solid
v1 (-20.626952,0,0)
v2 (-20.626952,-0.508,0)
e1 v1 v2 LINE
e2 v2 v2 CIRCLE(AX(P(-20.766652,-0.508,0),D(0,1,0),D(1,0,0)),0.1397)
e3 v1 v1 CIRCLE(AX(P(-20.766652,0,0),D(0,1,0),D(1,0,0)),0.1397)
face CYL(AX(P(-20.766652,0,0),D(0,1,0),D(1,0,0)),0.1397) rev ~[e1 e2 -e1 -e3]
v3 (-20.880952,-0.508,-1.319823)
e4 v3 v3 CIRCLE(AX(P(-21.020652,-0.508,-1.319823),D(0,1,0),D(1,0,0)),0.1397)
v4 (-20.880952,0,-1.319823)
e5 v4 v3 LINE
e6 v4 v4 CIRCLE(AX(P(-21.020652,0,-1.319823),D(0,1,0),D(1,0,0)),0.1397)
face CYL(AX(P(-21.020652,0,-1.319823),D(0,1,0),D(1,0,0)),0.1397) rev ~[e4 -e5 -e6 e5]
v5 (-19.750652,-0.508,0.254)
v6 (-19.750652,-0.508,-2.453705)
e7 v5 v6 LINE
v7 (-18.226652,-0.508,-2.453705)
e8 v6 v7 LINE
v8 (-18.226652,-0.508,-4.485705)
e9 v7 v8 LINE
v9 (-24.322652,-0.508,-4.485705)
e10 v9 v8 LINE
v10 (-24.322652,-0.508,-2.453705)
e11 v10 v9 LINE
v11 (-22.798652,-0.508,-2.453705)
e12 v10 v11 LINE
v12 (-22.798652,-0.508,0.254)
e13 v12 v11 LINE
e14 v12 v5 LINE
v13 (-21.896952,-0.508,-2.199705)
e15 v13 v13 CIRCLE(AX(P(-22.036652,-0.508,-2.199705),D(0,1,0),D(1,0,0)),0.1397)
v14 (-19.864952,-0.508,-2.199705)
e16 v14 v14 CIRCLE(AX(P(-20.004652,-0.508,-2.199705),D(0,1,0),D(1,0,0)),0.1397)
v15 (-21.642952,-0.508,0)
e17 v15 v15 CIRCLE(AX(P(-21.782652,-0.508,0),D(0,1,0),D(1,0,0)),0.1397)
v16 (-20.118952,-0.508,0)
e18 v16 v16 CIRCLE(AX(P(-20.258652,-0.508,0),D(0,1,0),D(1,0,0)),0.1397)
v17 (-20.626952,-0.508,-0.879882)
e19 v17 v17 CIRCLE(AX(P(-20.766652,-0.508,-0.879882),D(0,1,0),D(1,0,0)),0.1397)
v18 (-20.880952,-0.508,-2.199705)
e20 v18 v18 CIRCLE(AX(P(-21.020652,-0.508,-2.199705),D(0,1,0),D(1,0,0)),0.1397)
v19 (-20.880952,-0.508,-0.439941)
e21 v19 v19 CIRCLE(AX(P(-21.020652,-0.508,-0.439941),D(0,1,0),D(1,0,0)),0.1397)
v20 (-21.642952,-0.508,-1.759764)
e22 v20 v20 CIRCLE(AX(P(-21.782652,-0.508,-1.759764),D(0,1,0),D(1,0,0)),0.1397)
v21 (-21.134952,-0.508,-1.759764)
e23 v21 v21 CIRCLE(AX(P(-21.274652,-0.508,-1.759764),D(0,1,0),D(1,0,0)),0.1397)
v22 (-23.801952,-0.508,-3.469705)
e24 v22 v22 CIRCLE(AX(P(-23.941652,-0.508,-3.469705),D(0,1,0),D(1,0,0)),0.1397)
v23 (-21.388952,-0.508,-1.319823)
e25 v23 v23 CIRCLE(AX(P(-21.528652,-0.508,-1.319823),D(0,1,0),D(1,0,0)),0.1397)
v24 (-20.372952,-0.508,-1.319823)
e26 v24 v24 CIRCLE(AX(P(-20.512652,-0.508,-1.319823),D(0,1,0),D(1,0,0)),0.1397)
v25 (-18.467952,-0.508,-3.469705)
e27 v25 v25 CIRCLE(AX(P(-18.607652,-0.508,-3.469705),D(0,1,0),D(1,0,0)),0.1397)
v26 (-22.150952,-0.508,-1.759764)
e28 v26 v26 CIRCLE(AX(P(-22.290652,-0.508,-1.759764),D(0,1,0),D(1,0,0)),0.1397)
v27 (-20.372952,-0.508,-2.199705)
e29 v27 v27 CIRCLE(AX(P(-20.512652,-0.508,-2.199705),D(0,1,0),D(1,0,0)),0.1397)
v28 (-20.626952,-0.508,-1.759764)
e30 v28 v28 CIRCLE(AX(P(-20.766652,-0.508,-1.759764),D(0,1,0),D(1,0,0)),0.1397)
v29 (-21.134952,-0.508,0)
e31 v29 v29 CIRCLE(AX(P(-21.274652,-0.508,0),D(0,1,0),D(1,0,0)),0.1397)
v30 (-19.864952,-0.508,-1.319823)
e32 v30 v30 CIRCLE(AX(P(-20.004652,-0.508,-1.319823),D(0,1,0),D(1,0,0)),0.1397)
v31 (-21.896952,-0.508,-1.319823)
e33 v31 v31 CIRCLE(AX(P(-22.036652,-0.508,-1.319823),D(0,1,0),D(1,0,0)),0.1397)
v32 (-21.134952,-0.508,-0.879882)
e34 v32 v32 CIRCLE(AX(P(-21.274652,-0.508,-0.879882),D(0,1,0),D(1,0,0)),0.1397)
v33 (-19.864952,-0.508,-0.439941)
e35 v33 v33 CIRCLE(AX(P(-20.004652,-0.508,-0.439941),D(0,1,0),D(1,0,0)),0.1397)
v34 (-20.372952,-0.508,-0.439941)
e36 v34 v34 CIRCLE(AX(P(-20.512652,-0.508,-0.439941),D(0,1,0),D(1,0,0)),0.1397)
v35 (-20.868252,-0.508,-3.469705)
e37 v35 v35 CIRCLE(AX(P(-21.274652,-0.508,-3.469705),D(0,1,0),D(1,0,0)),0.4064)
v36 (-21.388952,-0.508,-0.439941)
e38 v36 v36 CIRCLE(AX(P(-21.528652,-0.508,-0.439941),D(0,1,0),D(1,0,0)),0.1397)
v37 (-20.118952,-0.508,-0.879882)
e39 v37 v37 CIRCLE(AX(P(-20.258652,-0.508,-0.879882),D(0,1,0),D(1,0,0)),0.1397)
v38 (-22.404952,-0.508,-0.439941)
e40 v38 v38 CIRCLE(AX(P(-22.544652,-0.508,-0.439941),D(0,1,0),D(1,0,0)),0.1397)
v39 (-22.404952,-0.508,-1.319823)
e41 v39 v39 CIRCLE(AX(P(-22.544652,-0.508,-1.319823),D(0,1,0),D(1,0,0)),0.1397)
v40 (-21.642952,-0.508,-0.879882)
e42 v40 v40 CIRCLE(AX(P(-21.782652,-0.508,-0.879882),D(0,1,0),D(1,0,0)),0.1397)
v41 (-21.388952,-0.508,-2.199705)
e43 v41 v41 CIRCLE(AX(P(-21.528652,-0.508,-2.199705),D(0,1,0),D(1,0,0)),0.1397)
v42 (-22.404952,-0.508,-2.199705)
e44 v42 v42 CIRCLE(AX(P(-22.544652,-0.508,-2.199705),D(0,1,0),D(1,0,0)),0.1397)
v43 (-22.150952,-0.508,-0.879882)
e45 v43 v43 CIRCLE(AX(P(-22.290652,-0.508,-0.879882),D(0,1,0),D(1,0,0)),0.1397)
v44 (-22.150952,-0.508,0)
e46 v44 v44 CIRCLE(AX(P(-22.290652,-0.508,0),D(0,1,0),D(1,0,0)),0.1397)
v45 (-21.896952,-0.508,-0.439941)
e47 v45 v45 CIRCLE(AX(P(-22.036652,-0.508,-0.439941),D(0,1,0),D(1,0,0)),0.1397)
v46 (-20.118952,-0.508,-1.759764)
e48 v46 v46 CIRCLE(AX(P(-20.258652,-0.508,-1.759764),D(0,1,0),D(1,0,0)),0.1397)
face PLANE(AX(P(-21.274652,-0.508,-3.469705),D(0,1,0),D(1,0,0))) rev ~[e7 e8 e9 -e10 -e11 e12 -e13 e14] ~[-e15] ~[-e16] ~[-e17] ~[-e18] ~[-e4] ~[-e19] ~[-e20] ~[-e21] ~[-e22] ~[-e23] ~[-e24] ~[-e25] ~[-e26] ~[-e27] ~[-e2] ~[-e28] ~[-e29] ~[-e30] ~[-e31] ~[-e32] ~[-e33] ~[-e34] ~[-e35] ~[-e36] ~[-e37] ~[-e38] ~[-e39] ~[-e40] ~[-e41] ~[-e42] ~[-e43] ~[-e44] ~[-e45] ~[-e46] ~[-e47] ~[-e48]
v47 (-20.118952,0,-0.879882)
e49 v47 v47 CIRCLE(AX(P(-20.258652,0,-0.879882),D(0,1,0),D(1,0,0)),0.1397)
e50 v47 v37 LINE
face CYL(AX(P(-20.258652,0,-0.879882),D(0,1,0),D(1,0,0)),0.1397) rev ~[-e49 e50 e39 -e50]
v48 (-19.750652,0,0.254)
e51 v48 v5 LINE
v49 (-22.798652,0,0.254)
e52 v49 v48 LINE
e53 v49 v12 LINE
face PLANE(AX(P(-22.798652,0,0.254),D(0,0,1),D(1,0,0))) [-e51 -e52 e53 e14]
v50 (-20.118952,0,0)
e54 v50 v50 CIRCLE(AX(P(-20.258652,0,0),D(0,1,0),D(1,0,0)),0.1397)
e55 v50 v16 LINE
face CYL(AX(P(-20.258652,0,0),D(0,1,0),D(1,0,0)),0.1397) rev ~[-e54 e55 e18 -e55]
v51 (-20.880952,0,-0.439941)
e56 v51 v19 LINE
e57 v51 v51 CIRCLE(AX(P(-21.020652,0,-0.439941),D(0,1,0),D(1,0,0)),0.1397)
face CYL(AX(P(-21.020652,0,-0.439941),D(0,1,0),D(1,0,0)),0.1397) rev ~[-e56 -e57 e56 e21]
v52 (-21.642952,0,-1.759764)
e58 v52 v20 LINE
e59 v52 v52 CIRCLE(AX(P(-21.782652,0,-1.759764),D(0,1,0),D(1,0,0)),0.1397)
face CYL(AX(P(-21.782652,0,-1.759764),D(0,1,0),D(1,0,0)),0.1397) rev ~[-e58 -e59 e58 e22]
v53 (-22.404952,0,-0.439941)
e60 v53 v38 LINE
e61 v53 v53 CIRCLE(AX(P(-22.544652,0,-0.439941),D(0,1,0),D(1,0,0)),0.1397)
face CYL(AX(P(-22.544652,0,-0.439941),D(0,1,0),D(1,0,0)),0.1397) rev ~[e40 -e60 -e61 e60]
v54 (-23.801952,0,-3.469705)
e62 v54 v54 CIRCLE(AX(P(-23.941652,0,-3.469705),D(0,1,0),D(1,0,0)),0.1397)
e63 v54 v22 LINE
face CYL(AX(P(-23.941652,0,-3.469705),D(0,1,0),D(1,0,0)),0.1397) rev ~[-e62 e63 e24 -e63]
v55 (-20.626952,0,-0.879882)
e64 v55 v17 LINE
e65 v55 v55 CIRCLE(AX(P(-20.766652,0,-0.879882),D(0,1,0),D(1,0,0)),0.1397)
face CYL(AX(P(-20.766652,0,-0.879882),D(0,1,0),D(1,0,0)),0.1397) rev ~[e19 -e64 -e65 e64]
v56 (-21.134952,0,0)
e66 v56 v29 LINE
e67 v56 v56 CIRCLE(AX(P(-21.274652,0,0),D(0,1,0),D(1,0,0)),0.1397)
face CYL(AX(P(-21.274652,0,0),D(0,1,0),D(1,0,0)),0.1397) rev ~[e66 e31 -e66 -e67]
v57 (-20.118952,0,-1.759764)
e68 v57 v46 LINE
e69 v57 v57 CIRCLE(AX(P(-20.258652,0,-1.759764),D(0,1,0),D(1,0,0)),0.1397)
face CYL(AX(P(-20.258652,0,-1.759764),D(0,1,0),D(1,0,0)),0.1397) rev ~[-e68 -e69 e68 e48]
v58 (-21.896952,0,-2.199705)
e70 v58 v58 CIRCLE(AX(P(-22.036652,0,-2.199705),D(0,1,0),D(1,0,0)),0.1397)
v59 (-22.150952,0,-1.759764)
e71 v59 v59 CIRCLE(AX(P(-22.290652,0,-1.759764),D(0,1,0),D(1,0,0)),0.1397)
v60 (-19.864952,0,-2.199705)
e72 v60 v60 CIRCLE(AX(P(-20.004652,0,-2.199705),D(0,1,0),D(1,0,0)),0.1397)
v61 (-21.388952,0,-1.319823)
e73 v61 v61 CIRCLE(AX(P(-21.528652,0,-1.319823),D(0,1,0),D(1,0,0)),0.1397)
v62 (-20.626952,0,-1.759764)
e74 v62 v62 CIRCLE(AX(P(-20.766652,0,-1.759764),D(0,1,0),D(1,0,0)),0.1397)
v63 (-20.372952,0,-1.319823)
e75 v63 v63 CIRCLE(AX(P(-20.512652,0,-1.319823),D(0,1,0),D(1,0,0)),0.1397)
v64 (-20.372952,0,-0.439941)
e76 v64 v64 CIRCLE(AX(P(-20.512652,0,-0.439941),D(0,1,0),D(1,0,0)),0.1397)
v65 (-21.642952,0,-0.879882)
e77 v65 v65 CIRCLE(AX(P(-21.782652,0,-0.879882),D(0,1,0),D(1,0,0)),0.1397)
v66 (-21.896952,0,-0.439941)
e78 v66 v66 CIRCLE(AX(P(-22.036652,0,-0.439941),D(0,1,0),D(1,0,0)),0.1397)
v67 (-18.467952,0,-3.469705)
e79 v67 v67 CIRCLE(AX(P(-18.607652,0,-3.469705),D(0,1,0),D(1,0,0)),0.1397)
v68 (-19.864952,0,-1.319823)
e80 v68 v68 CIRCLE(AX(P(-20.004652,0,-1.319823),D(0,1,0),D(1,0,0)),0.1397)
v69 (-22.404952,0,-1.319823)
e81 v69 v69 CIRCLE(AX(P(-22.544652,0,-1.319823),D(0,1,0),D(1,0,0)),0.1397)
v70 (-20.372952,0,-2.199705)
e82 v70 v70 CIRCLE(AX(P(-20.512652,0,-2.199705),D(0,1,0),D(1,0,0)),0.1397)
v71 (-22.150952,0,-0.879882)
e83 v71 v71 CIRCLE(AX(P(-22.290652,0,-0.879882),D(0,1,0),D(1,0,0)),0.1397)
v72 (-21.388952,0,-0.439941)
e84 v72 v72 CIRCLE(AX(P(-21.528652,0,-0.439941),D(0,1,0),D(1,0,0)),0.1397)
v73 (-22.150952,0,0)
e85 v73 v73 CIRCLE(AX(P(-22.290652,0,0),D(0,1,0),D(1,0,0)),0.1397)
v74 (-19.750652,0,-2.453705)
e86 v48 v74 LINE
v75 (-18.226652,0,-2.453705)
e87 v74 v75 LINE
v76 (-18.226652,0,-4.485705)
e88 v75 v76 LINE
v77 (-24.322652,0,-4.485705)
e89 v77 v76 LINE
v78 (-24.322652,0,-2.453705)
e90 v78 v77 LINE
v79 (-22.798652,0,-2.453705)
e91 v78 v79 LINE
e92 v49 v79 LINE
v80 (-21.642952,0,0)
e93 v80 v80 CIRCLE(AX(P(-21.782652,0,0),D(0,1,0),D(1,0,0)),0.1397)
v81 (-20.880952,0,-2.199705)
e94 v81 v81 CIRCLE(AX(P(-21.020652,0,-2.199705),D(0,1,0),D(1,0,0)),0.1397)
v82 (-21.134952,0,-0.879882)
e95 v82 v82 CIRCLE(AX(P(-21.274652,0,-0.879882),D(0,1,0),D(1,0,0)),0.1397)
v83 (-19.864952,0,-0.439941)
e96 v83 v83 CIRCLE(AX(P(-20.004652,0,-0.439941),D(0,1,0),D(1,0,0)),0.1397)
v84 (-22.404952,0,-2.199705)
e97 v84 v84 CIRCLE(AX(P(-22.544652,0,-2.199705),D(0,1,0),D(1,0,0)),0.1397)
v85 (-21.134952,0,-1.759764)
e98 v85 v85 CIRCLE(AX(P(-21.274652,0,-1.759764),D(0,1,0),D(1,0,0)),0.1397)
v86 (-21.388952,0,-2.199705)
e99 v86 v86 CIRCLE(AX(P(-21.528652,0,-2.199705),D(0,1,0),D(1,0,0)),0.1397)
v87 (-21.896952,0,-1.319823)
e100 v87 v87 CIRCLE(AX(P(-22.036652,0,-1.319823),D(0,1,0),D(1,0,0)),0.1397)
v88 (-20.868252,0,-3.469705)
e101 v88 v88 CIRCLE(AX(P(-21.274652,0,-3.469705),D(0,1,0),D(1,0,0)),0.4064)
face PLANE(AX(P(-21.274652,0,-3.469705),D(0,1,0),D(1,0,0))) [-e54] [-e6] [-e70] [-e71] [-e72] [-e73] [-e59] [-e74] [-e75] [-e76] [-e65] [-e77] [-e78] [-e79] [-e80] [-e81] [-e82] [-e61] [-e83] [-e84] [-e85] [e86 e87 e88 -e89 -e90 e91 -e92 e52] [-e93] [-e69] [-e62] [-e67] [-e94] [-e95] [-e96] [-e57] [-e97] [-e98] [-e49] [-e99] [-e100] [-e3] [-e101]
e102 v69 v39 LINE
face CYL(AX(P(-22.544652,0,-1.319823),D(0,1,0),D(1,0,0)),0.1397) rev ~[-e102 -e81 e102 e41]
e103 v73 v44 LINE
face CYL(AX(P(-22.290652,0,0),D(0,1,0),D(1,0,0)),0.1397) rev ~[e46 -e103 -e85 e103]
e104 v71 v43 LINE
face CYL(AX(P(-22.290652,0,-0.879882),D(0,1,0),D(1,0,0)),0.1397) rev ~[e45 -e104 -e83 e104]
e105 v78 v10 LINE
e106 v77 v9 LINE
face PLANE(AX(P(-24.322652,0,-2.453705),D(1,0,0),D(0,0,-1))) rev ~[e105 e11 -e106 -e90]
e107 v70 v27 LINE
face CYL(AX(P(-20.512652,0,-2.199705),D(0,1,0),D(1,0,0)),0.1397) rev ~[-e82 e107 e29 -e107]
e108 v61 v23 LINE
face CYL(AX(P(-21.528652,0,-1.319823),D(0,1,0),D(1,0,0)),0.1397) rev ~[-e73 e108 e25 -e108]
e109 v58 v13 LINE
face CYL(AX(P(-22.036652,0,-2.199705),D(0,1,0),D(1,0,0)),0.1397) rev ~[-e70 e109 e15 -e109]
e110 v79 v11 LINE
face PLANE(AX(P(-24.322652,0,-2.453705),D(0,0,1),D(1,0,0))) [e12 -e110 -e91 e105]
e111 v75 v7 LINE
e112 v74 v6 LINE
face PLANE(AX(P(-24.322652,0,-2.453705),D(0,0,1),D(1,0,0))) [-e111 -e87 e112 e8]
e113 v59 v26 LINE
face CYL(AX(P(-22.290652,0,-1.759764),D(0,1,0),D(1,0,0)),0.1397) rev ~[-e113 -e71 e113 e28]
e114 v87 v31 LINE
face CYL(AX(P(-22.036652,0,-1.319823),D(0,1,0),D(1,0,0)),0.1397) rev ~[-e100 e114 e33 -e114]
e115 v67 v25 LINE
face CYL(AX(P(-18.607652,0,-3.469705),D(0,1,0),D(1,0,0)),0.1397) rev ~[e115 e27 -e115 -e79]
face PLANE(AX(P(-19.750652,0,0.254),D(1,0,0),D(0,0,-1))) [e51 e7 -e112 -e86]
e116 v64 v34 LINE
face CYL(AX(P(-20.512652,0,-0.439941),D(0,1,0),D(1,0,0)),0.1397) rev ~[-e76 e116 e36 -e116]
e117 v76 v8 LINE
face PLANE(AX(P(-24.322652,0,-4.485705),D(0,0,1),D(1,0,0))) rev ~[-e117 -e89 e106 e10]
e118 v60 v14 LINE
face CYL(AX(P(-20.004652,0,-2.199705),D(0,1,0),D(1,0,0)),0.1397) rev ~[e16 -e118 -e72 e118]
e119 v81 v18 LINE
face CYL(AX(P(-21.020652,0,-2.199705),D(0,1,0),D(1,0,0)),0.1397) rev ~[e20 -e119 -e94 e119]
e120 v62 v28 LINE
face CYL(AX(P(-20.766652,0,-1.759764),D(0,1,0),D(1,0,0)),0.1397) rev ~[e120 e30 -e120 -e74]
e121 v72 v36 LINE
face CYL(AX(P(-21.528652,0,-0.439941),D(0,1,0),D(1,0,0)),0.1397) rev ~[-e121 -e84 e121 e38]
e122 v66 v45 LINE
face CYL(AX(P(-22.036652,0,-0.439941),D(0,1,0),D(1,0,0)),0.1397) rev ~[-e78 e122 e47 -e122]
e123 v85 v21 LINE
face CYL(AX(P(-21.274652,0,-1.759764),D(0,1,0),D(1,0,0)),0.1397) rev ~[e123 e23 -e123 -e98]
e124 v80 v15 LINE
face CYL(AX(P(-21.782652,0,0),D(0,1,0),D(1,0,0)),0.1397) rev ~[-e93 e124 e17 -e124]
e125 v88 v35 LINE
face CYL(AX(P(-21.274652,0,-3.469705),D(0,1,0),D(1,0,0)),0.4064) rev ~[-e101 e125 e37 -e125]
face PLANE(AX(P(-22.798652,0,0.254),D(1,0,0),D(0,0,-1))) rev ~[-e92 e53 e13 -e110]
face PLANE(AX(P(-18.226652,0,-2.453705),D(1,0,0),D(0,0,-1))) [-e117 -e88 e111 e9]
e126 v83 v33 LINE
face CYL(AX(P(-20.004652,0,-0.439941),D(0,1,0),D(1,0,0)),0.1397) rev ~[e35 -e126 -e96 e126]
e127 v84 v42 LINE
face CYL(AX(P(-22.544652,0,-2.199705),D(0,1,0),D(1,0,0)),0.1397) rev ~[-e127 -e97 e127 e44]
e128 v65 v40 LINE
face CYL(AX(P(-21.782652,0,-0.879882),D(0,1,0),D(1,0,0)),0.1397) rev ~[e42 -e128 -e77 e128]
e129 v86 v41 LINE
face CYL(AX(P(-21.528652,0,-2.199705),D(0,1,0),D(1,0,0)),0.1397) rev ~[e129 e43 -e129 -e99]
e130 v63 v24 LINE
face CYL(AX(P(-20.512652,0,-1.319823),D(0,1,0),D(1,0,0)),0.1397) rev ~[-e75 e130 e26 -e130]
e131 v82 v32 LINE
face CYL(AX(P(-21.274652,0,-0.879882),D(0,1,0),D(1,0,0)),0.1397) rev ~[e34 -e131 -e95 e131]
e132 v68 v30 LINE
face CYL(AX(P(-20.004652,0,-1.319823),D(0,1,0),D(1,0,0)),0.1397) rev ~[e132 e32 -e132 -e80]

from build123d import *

# Parameters (mm, degrees)
SHUTTLE_W                = 6.096
SHUTTLE_H                = 2.032
SHUTTLE_EXTR_DEPTH       = 0.508
ELEC_BOUNDING_W          = 3.048
ELEC_BOUNDING_H          = 2.707704526
ELEC_BOUNDING_EXTR_DEPTH = 0.508
ELEC_ROW1_R              = 0.1397
ELEC_ROW1_EXTR_DEPTH     = 0.508
ELEC_ROW2_R              = 0.1397
ELEC_ROW2_EXTR_DEPTH     = 0.508
ELEC_ROW3_R              = 0.1397
ELEC_ROW3_EXTR_DEPTH     = 0.508
ELEC_ROW4_R              = 0.1397
ELEC_ROW4_EXTR_DEPTH     = 0.508
ELEC_ROW5_R              = 0.1397
ELEC_ROW5_EXTR_DEPTH     = 0.508
ELEC_MISC1_R             = 0.1397
ELEC_MISC1_EXTR_DEPTH    = 0.508
ELEC_MISC2_R             = 0.1397
ELEC_MISC2_EXTR_DEPTH    = 0.508
ELEC_ROW6_R              = 0.1397
ELEC_ROW6_EXTR_DEPTH     = 0.508
DRIVE_SCREW_R            = 0.4064
DRIVE_SCREW_EXTR_DEPTH   = 0.508
GUIDE_HOLES_R            = 0.1397
GUIDE_HOLES_EXTR_DEPTH   = 0.508


with BuildPart() as part:
    # shuttle → shuttle_extr (new body)
    with BuildSketch(Plane(origin=(0, 0, 0), x_dir=(1, 0, 0), z_dir=(0, 1, 0))):
        with Locations((-21.274651572, 3.469704526)):
            Rectangle(SHUTTLE_W, SHUTTLE_H)
    extrude(amount=-SHUTTLE_EXTR_DEPTH)

    # elec_bounding → elec_bounding_extr (add)
    with BuildSketch(Plane(origin=(0, 0, 0), x_dir=(1, 0, 0), z_dir=(0, 1, 0))):
        with Locations((-21.274651572, 1.099852263)):
            Rectangle(ELEC_BOUNDING_W, ELEC_BOUNDING_H)
    extrude(amount=-ELEC_BOUNDING_EXTR_DEPTH)

    # elec_row1 → elec_row1_extr (cut)
    with BuildSketch(Plane(origin=(0, 0, 0), x_dir=(1, 0, 0), z_dir=(0, 1, 0))):
        with Locations((-22.290651572, 0)):
            Circle(ELEC_ROW1_R)
        with Locations((-21.782651572, 0)):
            Circle(ELEC_ROW1_R)
        with Locations((-21.274651572, 0)):
            Circle(ELEC_ROW1_R)
        with Locations((-20.766651572, 0)):
            Circle(ELEC_ROW1_R)
        with Locations((-20.258651572, 0)):
            Circle(ELEC_ROW1_R)
    extrude(amount=-ELEC_ROW1_EXTR_DEPTH, mode=Mode.SUBTRACT)

    # elec_row2 → elec_row2_extr (cut)
    with BuildSketch(Plane(origin=(0, 0, 0), x_dir=(1, 0, 0), z_dir=(0, 1, 0))):
        with Locations((-22.036651572, 0.439940905)):
            Circle(ELEC_ROW2_R)
        with Locations((-21.528651572, 0.439940905)):
            Circle(ELEC_ROW2_R)
        with Locations((-21.020651572, 0.439940905)):
            Circle(ELEC_ROW2_R)
        with Locations((-20.512651572, 0.439940905)):
            Circle(ELEC_ROW2_R)
        with Locations((-20.004651572, 0.439940905)):
            Circle(ELEC_ROW2_R)
    extrude(amount=-ELEC_ROW2_EXTR_DEPTH, mode=Mode.SUBTRACT)

    # elec_row3 → elec_row3_extr (cut)
    with BuildSketch(Plane(origin=(0, 0, 0), x_dir=(1, 0, 0), z_dir=(0, 1, 0))):
        with Locations((-22.290651572, 0.87988181)):
            Circle(ELEC_ROW3_R)
        with Locations((-21.782651572, 0.87988181)):
            Circle(ELEC_ROW3_R)
        with Locations((-21.274651572, 0.87988181)):
            Circle(ELEC_ROW3_R)
        with Locations((-20.766651572, 0.87988181)):
            Circle(ELEC_ROW3_R)
        with Locations((-20.258651572, 0.87988181)):
            Circle(ELEC_ROW3_R)
    extrude(amount=-ELEC_ROW3_EXTR_DEPTH, mode=Mode.SUBTRACT)

    # elec_row4 → elec_row4_extr (cut)
    with BuildSketch(Plane(origin=(0, 0, 0), x_dir=(1, 0, 0), z_dir=(0, 1, 0))):
        with Locations((-22.036651572, 1.319822715)):
            Circle(ELEC_ROW4_R)
        with Locations((-21.528651572, 1.319822715)):
            Circle(ELEC_ROW4_R)
        with Locations((-21.020651572, 1.319822715)):
            Circle(ELEC_ROW4_R)
        with Locations((-20.512651572, 1.319822715)):
            Circle(ELEC_ROW4_R)
        with Locations((-20.004651572, 1.319822715)):
            Circle(ELEC_ROW4_R)
    extrude(amount=-ELEC_ROW4_EXTR_DEPTH, mode=Mode.SUBTRACT)

    # elec_row5 → elec_row5_extr (cut)
    with BuildSketch(Plane(origin=(0, 0, 0), x_dir=(1, 0, 0), z_dir=(0, 1, 0))):
        with Locations((-22.290651572, 1.75976362)):
            Circle(ELEC_ROW5_R)
        with Locations((-21.782651572, 1.75976362)):
            Circle(ELEC_ROW5_R)
        with Locations((-21.274651572, 1.75976362)):
            Circle(ELEC_ROW5_R)
        with Locations((-20.766651572, 1.75976362)):
            Circle(ELEC_ROW5_R)
        with Locations((-20.258651572, 1.75976362)):
            Circle(ELEC_ROW5_R)
    extrude(amount=-ELEC_ROW5_EXTR_DEPTH, mode=Mode.SUBTRACT)

    # elec_misc1 → elec_misc1_extr (cut)
    with BuildSketch(Plane(origin=(0, 0, 0), x_dir=(1, 0, 0), z_dir=(0, 1, 0))):
        with Locations((-22.544651572, 1.319822715)):
            Circle(ELEC_MISC1_R)
    extrude(amount=-ELEC_MISC1_EXTR_DEPTH, mode=Mode.SUBTRACT)

    # elec_misc2 → elec_misc2_extr (cut)
    with BuildSketch(Plane(origin=(0, 0, 0), x_dir=(1, 0, 0), z_dir=(0, 1, 0))):
        with Locations((-22.544651572, 0.439940905)):
            Circle(ELEC_MISC2_R)
    extrude(amount=-ELEC_MISC2_EXTR_DEPTH, mode=Mode.SUBTRACT)

    # elec_row6 → elec_row6_extr (cut)
    with BuildSketch(Plane(origin=(0, 0, 0), x_dir=(1, 0, 0), z_dir=(0, 1, 0))):
        with Locations((-20.004651572, 2.199704526)):
            Circle(ELEC_ROW6_R)
        with Locations((-20.512651572, 2.199704526)):
            Circle(ELEC_ROW6_R)
        with Locations((-21.020651572, 2.199704526)):
            Circle(ELEC_ROW6_R)
        with Locations((-21.528651572, 2.199704526)):
            Circle(ELEC_ROW6_R)
        with Locations((-22.036651572, 2.199704526)):
            Circle(ELEC_ROW6_R)
        with Locations((-22.544651572, 2.199704526)):
            Circle(ELEC_ROW6_R)
    extrude(amount=-ELEC_ROW6_EXTR_DEPTH, mode=Mode.SUBTRACT)

    # drive_screw → drive_screw_extr (cut)
    with BuildSketch(Plane(origin=(0, 0, 0), x_dir=(1, 0, 0), z_dir=(0, 1, 0))):
        with Locations((-21.274651572, 3.469704526)):
            Circle(DRIVE_SCREW_R)
    extrude(amount=-DRIVE_SCREW_EXTR_DEPTH, mode=Mode.SUBTRACT)

    # guide_holes → guide_holes_extr (cut)
    with BuildSketch(Plane(origin=(0, 0, 0), x_dir=(1, 0, 0), z_dir=(0, 1, 0))):
        with Locations((-23.941651572, 3.469704526)):
            Circle(GUIDE_HOLES_R)
        with Locations((-18.607651572, 3.469704526)):
            Circle(GUIDE_HOLES_R)
    extrude(amount=-GUIDE_HOLES_EXTR_DEPTH, mode=Mode.SUBTRACT)


solid = part.part
